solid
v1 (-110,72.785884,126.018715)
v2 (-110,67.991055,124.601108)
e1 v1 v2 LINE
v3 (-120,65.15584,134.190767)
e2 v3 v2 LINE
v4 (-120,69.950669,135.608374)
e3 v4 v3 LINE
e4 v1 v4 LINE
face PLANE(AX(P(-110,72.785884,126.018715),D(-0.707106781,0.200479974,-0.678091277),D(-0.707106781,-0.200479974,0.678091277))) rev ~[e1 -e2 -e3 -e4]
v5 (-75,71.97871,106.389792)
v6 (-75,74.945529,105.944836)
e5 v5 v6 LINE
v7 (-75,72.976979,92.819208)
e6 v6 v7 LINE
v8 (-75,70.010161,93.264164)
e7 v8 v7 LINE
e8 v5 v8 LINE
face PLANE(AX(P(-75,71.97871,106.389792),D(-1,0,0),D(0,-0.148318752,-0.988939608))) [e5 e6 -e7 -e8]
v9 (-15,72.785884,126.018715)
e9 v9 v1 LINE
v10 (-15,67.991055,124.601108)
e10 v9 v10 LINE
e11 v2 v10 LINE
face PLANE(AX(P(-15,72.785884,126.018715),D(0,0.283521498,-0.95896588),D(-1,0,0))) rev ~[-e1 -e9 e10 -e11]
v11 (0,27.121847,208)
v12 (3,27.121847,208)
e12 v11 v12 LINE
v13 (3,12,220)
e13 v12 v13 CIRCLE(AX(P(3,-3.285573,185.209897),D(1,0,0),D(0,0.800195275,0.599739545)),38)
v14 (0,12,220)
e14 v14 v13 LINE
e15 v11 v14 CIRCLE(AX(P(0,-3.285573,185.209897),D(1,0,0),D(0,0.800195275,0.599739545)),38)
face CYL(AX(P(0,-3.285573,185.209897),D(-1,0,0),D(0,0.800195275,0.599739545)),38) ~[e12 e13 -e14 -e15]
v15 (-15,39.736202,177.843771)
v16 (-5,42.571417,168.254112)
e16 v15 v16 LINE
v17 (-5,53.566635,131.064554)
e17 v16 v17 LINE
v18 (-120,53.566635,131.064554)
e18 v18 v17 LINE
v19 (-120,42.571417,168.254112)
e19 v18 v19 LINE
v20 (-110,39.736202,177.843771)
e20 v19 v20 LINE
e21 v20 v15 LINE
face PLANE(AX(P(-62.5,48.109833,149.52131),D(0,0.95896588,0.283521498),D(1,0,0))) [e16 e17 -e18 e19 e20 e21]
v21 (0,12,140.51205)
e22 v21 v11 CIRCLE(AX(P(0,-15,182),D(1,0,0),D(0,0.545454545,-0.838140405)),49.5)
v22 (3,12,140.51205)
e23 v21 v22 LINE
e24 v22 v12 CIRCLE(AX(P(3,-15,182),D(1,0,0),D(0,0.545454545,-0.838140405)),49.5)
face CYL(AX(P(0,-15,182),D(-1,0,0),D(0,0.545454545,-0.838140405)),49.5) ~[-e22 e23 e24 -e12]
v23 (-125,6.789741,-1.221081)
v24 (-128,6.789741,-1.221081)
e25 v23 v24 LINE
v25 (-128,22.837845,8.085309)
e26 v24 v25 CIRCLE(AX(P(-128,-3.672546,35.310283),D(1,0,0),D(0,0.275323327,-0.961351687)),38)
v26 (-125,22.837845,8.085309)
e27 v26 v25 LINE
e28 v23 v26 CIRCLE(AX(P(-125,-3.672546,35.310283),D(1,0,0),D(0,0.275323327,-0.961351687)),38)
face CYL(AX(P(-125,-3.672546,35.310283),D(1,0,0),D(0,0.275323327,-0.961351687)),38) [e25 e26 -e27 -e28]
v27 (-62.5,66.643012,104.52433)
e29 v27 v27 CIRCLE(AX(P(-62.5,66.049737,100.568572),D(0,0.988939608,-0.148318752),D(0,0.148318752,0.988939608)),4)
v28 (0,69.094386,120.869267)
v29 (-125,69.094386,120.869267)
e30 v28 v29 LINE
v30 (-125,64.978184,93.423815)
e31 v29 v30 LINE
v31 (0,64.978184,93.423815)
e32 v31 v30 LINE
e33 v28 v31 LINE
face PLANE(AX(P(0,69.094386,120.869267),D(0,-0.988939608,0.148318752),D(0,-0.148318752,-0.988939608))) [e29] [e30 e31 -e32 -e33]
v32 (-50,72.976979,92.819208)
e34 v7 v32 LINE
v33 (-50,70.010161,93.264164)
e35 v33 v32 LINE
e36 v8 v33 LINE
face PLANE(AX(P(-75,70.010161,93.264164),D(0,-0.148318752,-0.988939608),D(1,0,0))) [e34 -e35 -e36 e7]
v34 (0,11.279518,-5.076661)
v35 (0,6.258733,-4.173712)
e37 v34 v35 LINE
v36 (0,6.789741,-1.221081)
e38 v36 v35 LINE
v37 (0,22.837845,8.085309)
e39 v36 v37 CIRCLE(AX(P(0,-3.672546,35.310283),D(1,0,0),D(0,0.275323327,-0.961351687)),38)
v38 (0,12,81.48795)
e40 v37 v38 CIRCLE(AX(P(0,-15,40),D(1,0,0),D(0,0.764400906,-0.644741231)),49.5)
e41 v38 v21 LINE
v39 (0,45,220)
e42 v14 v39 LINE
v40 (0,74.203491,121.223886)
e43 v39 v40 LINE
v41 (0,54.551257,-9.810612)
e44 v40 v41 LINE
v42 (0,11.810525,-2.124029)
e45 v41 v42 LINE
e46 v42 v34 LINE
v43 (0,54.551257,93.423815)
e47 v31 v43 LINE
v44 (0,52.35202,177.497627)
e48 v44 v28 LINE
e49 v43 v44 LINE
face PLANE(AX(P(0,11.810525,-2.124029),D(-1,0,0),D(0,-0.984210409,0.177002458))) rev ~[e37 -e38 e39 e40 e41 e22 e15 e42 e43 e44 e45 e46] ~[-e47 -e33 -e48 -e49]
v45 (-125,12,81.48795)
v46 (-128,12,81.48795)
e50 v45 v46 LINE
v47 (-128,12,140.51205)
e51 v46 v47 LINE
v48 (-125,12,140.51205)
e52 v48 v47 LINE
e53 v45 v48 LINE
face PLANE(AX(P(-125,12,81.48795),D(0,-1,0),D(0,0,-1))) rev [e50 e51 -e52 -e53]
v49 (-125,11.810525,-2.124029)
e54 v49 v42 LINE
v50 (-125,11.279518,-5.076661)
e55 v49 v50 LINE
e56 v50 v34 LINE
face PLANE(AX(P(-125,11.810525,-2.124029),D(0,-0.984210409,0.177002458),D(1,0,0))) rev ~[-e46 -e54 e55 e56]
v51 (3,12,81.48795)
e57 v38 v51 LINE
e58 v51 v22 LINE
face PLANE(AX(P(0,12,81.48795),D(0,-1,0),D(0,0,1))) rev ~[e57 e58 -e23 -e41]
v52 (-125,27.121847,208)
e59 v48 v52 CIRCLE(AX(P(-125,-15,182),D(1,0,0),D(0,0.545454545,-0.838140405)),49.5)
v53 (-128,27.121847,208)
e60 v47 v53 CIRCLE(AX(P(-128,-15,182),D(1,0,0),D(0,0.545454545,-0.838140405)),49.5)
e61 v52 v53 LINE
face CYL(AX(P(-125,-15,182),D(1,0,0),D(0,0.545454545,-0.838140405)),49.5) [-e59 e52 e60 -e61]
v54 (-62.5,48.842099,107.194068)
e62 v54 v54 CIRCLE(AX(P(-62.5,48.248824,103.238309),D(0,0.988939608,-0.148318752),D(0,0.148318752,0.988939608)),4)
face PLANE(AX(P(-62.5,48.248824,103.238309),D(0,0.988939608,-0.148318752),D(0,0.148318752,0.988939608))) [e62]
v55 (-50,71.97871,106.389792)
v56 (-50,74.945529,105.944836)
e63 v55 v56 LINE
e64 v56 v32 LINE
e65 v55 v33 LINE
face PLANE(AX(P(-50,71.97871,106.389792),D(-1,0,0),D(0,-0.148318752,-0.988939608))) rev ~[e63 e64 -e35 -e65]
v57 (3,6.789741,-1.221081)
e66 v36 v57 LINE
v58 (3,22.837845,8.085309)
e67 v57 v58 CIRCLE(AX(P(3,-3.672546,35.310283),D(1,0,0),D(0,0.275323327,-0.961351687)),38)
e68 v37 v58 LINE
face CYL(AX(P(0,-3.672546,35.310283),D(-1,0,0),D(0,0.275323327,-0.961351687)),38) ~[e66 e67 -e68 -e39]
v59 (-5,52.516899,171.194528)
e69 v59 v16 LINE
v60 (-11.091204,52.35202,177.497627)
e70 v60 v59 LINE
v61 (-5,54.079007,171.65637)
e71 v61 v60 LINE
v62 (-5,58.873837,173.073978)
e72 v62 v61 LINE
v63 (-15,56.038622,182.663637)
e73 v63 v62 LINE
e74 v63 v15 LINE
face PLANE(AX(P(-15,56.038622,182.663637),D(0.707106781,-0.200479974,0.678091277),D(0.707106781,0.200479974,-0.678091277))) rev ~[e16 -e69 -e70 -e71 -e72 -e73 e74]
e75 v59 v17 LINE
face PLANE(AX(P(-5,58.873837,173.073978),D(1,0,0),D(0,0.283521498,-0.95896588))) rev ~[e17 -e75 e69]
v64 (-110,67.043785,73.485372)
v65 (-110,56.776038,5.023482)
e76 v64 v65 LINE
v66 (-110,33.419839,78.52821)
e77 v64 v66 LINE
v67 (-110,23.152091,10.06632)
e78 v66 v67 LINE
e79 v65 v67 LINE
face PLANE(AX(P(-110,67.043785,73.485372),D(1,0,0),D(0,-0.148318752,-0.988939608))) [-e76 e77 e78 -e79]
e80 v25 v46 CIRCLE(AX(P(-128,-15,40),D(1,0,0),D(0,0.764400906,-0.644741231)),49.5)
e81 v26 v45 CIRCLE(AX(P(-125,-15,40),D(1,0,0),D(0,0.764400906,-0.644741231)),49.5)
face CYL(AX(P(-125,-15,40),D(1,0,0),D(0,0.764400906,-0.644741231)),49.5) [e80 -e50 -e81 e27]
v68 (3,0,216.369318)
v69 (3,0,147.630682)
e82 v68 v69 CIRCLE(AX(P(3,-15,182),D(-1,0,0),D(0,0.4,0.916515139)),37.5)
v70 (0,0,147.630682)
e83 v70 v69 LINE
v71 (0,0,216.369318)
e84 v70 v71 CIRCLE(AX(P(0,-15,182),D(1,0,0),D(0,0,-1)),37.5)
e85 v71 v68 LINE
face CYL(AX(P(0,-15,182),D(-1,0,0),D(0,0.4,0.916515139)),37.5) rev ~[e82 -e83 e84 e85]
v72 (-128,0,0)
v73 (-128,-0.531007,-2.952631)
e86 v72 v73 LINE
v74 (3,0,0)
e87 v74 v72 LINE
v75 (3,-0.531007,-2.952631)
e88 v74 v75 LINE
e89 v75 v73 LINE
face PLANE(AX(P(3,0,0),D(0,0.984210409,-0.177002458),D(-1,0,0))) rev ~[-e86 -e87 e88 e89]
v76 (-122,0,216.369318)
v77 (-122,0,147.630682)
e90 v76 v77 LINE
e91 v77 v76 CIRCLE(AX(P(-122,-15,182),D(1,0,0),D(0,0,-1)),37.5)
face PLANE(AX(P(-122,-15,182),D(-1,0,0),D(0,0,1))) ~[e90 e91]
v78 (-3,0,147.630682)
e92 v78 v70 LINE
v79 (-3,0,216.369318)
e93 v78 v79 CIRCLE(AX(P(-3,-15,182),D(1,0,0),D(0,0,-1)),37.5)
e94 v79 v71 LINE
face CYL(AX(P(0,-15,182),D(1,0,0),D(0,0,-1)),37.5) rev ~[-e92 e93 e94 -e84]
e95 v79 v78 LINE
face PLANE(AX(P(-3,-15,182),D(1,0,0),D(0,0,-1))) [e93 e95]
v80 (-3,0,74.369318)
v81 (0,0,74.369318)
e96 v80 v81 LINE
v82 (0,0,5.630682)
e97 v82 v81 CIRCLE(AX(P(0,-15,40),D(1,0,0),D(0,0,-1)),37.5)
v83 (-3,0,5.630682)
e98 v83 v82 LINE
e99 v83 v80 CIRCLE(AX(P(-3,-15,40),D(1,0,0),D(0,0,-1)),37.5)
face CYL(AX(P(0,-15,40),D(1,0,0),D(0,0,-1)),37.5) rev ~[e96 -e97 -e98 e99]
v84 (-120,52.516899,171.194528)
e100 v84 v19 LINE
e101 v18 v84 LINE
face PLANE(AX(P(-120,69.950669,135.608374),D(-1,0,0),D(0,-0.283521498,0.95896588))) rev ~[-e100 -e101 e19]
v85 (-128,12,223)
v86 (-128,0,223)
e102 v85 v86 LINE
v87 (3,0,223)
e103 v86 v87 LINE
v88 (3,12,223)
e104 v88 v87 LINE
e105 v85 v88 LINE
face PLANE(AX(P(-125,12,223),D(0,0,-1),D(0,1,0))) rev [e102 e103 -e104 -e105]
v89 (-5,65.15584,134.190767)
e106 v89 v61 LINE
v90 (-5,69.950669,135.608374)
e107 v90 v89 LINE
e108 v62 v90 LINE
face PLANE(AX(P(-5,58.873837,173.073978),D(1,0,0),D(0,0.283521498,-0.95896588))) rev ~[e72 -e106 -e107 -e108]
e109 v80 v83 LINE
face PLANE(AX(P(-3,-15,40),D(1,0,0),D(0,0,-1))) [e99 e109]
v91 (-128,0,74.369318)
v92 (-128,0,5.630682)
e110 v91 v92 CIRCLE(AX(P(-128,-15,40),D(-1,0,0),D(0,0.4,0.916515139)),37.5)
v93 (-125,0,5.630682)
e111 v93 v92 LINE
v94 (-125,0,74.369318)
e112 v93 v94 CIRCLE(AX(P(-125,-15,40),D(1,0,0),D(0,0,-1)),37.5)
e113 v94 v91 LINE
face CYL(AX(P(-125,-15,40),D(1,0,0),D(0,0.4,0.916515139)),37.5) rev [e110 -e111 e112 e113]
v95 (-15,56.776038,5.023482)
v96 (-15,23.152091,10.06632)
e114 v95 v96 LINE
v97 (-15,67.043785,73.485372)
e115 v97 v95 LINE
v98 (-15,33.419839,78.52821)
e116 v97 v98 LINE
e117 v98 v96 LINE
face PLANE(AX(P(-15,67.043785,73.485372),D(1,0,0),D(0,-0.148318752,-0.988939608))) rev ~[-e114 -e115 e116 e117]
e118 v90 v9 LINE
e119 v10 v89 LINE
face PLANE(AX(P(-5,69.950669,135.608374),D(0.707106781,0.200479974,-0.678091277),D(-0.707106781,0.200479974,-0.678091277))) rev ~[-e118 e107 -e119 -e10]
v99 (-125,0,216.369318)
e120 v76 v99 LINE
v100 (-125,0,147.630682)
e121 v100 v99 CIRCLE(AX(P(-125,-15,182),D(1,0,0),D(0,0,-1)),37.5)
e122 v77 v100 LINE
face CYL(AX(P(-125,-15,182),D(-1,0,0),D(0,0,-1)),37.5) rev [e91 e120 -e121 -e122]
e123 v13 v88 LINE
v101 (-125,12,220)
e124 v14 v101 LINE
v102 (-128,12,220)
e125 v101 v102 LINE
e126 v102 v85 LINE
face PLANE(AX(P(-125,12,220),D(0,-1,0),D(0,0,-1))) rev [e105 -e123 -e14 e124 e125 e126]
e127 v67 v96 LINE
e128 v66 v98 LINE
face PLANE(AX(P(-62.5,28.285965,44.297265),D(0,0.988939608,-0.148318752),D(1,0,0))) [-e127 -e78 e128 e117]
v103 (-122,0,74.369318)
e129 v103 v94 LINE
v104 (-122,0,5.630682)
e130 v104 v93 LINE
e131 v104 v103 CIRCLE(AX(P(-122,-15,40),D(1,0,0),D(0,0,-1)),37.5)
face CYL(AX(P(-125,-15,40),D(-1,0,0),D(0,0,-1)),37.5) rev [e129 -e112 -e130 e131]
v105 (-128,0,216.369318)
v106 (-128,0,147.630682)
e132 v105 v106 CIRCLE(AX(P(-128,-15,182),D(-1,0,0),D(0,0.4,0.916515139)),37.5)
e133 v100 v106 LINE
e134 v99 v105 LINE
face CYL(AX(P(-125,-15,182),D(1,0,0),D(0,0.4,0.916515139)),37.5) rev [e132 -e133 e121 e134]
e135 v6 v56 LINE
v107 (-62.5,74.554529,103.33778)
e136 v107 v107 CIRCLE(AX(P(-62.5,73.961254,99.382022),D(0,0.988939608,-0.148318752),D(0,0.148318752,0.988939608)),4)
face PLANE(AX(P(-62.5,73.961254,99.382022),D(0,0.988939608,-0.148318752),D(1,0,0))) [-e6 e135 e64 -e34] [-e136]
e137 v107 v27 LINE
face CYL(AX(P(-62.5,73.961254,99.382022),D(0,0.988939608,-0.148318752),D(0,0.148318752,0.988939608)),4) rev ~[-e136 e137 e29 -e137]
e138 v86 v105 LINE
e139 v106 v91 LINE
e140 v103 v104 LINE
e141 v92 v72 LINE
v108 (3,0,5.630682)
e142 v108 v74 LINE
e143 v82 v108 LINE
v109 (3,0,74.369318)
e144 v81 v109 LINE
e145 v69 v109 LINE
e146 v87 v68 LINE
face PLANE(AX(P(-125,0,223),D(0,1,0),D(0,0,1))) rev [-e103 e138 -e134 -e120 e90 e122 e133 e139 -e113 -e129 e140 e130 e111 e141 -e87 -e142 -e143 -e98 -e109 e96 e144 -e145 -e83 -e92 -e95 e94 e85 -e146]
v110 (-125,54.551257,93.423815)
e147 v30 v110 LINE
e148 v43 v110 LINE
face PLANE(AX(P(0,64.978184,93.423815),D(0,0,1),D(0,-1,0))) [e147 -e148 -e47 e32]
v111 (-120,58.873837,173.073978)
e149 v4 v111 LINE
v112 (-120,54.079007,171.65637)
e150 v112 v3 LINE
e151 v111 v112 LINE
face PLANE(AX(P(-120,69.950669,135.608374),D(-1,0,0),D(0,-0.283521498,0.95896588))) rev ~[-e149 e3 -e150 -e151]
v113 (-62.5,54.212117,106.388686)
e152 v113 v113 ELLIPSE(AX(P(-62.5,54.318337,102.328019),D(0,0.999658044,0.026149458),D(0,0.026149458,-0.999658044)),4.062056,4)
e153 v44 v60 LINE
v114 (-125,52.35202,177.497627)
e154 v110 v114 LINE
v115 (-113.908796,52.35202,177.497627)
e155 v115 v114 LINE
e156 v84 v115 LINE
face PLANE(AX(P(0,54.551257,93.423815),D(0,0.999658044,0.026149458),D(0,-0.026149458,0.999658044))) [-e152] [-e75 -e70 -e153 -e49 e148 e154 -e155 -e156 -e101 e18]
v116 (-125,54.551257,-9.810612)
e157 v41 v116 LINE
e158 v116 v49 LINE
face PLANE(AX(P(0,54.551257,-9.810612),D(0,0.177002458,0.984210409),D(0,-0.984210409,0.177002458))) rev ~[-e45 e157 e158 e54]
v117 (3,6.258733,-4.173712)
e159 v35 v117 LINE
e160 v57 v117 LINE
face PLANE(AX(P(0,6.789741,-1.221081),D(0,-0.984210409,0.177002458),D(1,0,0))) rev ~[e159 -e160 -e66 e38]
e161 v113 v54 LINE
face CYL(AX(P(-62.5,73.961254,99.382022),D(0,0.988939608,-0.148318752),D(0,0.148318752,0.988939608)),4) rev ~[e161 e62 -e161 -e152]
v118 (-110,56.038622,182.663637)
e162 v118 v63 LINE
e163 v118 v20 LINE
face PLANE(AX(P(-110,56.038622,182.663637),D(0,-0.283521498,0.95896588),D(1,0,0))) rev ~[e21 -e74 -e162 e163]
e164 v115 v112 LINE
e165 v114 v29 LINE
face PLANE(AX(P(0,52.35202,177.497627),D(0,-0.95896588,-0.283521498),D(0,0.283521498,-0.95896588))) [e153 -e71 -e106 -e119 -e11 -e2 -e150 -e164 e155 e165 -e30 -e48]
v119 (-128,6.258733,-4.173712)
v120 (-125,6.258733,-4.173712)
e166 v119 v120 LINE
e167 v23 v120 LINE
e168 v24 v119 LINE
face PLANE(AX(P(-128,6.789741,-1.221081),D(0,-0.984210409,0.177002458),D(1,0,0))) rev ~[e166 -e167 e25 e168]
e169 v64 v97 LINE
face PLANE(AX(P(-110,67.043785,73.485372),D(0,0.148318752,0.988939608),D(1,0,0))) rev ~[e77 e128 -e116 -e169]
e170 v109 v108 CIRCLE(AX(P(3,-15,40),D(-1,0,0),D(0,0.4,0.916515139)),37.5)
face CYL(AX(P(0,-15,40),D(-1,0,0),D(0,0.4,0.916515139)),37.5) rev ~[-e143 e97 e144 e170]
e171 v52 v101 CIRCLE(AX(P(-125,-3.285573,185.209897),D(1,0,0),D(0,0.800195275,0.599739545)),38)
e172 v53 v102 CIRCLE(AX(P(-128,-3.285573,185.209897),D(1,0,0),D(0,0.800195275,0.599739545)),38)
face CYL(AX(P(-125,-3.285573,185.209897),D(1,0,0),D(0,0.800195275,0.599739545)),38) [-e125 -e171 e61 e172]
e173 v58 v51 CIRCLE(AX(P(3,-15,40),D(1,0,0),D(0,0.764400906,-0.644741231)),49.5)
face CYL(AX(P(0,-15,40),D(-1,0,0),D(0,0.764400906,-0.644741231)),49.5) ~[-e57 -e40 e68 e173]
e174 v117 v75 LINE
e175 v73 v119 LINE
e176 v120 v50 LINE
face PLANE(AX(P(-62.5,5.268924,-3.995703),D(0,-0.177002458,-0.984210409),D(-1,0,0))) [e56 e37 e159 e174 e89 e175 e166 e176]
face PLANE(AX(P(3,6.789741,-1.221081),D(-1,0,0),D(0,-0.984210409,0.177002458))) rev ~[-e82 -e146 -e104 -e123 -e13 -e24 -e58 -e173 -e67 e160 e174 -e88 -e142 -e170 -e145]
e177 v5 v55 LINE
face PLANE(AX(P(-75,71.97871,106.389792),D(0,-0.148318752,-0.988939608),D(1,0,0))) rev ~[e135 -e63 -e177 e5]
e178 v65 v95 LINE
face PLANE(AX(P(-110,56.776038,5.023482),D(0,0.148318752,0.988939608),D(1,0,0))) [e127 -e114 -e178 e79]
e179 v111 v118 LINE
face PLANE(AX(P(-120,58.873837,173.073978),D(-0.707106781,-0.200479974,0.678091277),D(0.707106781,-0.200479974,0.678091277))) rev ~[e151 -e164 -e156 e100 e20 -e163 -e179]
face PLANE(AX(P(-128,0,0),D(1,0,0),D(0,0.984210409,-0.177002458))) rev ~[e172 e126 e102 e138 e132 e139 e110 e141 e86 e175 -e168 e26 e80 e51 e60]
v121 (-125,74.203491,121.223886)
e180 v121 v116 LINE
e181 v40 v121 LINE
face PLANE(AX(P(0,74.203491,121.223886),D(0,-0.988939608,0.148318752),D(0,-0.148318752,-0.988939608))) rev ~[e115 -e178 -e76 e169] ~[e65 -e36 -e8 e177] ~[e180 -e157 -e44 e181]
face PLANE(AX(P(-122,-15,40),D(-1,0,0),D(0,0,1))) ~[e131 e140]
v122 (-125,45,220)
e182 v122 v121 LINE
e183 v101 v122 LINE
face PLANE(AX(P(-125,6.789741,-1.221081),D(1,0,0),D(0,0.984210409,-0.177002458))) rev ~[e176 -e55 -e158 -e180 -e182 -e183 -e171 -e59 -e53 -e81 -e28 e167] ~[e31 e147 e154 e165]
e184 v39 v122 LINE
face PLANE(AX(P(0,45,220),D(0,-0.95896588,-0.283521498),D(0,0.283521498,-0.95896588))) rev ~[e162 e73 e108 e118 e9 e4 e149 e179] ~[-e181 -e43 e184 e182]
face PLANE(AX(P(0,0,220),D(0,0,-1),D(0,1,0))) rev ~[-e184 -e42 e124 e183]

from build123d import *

# Parameters (mm, degrees)
BOSS_EXTRUDE1_DEPTH = 125
CUT_EXTRUDE1_DEPTH  = 17
SKETCH3_W           = 95
SKETCH3_H           = 69.22757419
CUT_EXTRUDE2_DEPTH  = 34
SKETCH4_W           = 25
SKETCH4_H           = 13.27242581
BOSS_EXTRUDE2_DEPTH = 3
SKETCH5_R           = 4
CUT_EXTRUDE3_DEPTH  = 26
SKETCH6_R           = 37.5
CUT_EXTRUDE4_DEPTH  = 3
BOSS_EXTRUDE3_DEPTH = 3
BOSS_EXTRUDE4_DEPTH = 3
BOSS_EXTRUDE5_DEPTH = 3


with BuildPart() as part:
    # Sketch1 → Boss-Extrude1 (new body)
    with BuildSketch(Plane(origin=(0, 0, 0), x_dir=(0, 0, -1), z_dir=(1, 0, 0))):
        Polygon((0, 0), (-220, 0), (-220, 45), (-121.223885949, 74.203491429), (9.810612088, 54.551256842), align=None)
        Polygon((-177.49762675, 52.35202023), (-120.869266543, 69.094386012), (-93.423815393, 64.978184153), (-93.423815393, 54.551256842), align=None, mode=Mode.SUBTRACT)
    extrude(amount=-BOSS_EXTRUDE1_DEPTH)

    # Sketch2 → Cut-Extrude1 (cut)
    with BuildSketch(Plane(origin=(0, 101.19793775, 29.919511777), x_dir=(1, 0, 0), z_dir=(0, 0.9589658804644564, 0.28352149848826236))):
        Polygon((-110, -159.280040992), (-15, -159.280040992), (-5, -149.280040992), (-5, -110.211285439), (-15, -100.211285439), (-110, -100.211285439), (-120, -110.211285439), (-120, -149.280040992), align=None)
    extrude(amount=-CUT_EXTRUDE1_DEPTH, mode=Mode.SUBTRACT)

    # Sketch3 → Cut-Extrude2 (cut)
    with BuildSketch(Plane(origin=(0, 54.790217418, -8.217303244), x_dir=(1, 0, 0), z_dir=(0, 0.9889396078246219, -0.1483187515983168))):
        with Locations((-62.5, -48.002658537)):
            Rectangle(SKETCH3_W, SKETCH3_H)
    extrude(amount=-CUT_EXTRUDE2_DEPTH, mode=Mode.SUBTRACT)

    # Sketch4 → Boss-Extrude2 (add)
    with BuildSketch(Plane(origin=(0, 54.790217418, -8.217303244), x_dir=(1, 0, 0), z_dir=(0, 0.9889396078246219, -0.1483187515983168))):
        with Locations((-62.5, -109.252658537)):
            Rectangle(SKETCH4_W, SKETCH4_H)
    extrude(amount=BOSS_EXTRUDE2_DEPTH)

    # Sketch5 → Cut-Extrude3 (cut)
    with BuildSketch(Plane(origin=(0, 57.757036242, -8.662259499), x_dir=(1, 0, 0), z_dir=(0, 0.988939607824622, -0.1483187515983164))):
        with Locations(Location((-62.5, -109.252658537, 0), (0, 0, 270))):
            Circle(SKETCH5_R)
    extrude(amount=-CUT_EXTRUDE3_DEPTH, mode=Mode.SUBTRACT)

    # Sketch6 → Cut-Extrude4 (cut)
    with BuildSketch(Plane(origin=(0, 0, 0), x_dir=(0, 0, -1), z_dir=(1, 0, 0))):
        with Locations((-182, -15)):
            Circle(SKETCH6_R)
        with Locations((-40, -15)):
            Circle(SKETCH6_R)
    cut_extrude4 = extrude(amount=-CUT_EXTRUDE4_DEPTH, mode=Mode.SUBTRACT)

    # Mirror1: Cut-Extrude4 across plane
    add(cut_extrude4.mirror(Plane(origin=(-62.5, 0, 0), x_dir=(0, 0, 1), z_dir=(1, 0, 0))), mode=Mode.SUBTRACT)

    # Sketch7 → Boss-Extrude3 (add)
    with BuildSketch(Plane.XY.offset(220)):
        Polygon((-113, 12), (-125, 12), (-125, 0), (0, 0), (0, 12), (-12, 12), align=None)
    extrude(amount=BOSS_EXTRUDE3_DEPTH)

    # Sketch8 → Boss-Extrude4 (add)
    with BuildSketch(Plane(origin=(0, 0, 0), x_dir=(0, 0, -1), z_dir=(1, 0, 0))):
        with BuildLine():
            Line((-81.487950058, 12), (-140.512049942, 12))
            ThreePointArc((-140.512049942, 12), (-171.177028416, 33.302311395), (-208, 27.121847063))
            ThreePointArc((-208, 27.121847063), (-214.976280656, 20.335654808), (-220, 12))
            Line((-220, 12), (-223, 12))
            Line((-223, 12), (-223, 0))
            Line((-223, 0), (-216.369317712, 0))
            ThreePointArc((-216.369317712, 0), (-182, 22.5), (-147.630682288, 0))
            Line((-147.630682288, 0), (-74.369317712, 0))
            ThreePointArc((-74.369317712, 0), (-40, 22.5), (-5.630682288, 0))
            Line((-5.630682288, 0), (0, 0))
            Line((0, 0), (1.221081194, 6.789740871))
            ThreePointArc((1.221081194, 6.789740871), (-2.437755356, 15.390427261), (-8.085309053, 22.837844835))
            ThreePointArc((-8.085309053, 22.837844835), (-47.230251909, 33.969107173), (-81.487950058, 12))
        make_face()
    boss_extrude4 = extrude(amount=BOSS_EXTRUDE4_DEPTH)

    # Mirror2: Boss-Extrude4 across plane
    add(boss_extrude4.mirror(Plane(origin=(-62.5, 0, 0), x_dir=(0, 0, 1), z_dir=(1, 0, 0))))

    # Sketch9 → Boss-Extrude5 (add)
    with BuildSketch(Plane(origin=(0, 0, 0), x_dir=(-1, 0, 0), z_dir=(0, -0.17700245783771668, -0.9842104093736296))):
        Polygon((12, 12), (0, 12), (0, 6.898668015), (-3, 6.898668015), (-3, 0), (128, 0), (128, 6.898668015), (125, 6.898668015), (125, 12), (113, 12), align=None)
    extrude(amount=BOSS_EXTRUDE5_DEPTH)


solid = part.part
